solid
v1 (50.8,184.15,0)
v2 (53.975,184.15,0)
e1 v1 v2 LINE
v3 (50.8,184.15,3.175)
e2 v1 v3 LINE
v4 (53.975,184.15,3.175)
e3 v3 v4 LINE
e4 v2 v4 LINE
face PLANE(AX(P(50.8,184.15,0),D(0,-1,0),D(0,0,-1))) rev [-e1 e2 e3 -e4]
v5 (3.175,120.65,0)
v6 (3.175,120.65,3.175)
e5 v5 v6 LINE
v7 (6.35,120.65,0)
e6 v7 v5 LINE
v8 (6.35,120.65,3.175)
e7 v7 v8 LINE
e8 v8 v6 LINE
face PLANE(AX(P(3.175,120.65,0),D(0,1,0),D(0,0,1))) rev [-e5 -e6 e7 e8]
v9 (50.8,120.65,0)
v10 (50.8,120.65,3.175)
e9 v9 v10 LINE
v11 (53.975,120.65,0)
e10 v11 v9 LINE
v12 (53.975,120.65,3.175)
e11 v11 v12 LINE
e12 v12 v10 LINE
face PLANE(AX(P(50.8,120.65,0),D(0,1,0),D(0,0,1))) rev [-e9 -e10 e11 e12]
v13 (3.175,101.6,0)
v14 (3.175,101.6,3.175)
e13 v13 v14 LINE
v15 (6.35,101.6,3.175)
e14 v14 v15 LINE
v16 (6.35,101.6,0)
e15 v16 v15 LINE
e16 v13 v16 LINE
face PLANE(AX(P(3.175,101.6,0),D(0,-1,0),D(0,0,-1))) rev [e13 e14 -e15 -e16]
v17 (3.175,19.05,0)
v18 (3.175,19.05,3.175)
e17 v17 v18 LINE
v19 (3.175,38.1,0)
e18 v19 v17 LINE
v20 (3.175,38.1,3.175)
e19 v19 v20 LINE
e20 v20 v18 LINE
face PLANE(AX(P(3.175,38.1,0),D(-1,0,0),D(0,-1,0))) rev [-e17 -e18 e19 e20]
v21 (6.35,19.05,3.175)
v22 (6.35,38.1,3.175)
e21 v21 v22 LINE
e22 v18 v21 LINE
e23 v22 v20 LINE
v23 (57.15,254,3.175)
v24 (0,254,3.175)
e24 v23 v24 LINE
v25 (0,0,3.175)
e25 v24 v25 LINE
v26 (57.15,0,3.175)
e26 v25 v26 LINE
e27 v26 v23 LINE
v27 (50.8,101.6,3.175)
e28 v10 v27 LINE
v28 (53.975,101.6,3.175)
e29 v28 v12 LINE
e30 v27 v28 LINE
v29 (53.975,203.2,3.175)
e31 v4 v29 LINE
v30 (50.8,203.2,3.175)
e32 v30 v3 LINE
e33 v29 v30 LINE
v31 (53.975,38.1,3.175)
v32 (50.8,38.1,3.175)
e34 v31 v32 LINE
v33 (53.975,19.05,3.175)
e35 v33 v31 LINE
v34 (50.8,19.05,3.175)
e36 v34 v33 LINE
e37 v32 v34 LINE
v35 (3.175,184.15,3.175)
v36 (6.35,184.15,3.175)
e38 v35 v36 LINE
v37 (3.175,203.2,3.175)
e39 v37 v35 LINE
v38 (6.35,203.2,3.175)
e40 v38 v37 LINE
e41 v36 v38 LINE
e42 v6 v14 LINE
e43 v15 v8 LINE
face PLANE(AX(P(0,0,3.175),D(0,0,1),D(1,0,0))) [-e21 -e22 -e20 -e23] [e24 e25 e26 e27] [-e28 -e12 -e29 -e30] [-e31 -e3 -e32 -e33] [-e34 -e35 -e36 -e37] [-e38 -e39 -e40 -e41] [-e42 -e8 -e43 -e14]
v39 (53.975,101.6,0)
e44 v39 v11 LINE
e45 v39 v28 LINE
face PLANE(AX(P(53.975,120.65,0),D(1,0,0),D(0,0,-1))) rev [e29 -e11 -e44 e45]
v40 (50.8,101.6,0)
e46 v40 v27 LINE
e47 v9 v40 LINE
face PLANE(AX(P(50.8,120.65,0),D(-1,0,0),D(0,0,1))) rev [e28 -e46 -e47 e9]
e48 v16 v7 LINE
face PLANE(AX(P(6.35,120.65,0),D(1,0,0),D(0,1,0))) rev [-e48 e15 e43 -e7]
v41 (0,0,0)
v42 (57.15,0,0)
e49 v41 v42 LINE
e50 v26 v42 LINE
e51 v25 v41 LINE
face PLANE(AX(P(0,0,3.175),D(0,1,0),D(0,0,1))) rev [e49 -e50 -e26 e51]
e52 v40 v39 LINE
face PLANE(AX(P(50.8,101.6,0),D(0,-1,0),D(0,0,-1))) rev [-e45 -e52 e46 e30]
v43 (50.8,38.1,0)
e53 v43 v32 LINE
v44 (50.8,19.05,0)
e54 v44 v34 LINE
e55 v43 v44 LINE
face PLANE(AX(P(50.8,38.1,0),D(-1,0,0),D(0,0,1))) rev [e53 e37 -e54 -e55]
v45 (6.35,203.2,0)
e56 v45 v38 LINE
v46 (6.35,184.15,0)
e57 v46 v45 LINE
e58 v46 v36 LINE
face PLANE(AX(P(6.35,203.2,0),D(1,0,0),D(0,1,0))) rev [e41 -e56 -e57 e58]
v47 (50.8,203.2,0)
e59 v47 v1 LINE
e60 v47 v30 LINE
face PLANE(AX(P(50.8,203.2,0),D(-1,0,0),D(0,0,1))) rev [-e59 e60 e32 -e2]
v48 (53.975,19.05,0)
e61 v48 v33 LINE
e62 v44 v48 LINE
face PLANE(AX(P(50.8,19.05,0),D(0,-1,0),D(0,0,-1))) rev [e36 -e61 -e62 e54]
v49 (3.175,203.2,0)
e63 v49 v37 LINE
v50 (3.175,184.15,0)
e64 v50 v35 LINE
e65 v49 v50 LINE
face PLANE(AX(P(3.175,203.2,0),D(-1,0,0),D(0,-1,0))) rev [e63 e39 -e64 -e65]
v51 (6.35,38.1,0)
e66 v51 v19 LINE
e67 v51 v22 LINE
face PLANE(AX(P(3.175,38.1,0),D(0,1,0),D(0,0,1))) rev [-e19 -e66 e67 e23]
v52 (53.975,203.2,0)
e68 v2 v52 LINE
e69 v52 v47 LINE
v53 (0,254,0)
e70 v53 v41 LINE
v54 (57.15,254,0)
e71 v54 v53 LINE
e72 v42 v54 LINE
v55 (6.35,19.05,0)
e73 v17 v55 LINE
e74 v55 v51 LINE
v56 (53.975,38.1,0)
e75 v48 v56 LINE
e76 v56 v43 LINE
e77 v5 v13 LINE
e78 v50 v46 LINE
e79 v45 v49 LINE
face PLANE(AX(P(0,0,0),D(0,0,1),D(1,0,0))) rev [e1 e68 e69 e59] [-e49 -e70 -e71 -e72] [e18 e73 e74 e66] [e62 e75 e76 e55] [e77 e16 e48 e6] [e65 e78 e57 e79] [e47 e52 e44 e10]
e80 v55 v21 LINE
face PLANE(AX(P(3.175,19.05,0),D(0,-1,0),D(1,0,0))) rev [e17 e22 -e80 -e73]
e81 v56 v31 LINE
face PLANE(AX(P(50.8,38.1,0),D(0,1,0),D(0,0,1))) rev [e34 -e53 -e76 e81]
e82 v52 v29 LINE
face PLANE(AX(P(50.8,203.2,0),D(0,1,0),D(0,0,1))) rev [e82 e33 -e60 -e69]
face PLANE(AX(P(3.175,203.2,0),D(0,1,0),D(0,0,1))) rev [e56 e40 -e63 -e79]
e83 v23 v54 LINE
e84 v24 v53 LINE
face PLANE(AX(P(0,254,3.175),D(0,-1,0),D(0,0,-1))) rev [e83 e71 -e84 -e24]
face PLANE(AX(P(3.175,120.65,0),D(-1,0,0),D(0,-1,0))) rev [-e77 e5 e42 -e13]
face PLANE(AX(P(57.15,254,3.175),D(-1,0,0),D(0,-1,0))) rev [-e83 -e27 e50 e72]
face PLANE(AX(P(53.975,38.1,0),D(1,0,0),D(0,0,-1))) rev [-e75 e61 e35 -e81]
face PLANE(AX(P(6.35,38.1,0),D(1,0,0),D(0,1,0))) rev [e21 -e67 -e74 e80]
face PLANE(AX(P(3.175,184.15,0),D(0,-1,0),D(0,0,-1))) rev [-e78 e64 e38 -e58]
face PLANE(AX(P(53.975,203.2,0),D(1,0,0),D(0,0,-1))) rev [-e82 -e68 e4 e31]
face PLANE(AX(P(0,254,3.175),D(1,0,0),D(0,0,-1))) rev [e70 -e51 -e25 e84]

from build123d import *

# Parameters (mm, degrees)
SKETCH1_W           = 57.15
SKETCH1_H           = 254
BOSS_EXTRUDE1_DEPTH = 3.175
SKETCH3_W           = 3.175
SKETCH3_H           = 19.05
CUT_EXTRUDE1_DEPTH  = 261.369359036


with BuildPart() as part:
    # Sketch1 → Boss-Extrude1 (new body)
    with BuildSketch(Plane.XY):
        with Locations((28.575, 127)):
            Rectangle(SKETCH1_W, SKETCH1_H)
    extrude(amount=BOSS_EXTRUDE1_DEPTH)

    # Sketch3 → Cut-Extrude1 (cut, through all)
    with BuildSketch(Plane.XY.offset(3.175)):
        with Locations((4.7625, 193.675)):
            Rectangle(SKETCH3_W, SKETCH3_H)
        with Locations((4.7625, 111.125)):
            Rectangle(SKETCH3_W, SKETCH3_H)
        with Locations((4.7625, 28.575)):
            Rectangle(SKETCH3_W, SKETCH3_H)
        with Locations((52.3875, 193.675)):
            Rectangle(SKETCH3_W, SKETCH3_H)
        with Locations((52.3875, 111.125)):
            Rectangle(SKETCH3_W, SKETCH3_H)
        with Locations((52.3875, 28.575)):
            Rectangle(SKETCH3_W, SKETCH3_H)
    extrude(amount=-CUT_EXTRUDE1_DEPTH, mode=Mode.SUBTRACT)


solid = part.part
